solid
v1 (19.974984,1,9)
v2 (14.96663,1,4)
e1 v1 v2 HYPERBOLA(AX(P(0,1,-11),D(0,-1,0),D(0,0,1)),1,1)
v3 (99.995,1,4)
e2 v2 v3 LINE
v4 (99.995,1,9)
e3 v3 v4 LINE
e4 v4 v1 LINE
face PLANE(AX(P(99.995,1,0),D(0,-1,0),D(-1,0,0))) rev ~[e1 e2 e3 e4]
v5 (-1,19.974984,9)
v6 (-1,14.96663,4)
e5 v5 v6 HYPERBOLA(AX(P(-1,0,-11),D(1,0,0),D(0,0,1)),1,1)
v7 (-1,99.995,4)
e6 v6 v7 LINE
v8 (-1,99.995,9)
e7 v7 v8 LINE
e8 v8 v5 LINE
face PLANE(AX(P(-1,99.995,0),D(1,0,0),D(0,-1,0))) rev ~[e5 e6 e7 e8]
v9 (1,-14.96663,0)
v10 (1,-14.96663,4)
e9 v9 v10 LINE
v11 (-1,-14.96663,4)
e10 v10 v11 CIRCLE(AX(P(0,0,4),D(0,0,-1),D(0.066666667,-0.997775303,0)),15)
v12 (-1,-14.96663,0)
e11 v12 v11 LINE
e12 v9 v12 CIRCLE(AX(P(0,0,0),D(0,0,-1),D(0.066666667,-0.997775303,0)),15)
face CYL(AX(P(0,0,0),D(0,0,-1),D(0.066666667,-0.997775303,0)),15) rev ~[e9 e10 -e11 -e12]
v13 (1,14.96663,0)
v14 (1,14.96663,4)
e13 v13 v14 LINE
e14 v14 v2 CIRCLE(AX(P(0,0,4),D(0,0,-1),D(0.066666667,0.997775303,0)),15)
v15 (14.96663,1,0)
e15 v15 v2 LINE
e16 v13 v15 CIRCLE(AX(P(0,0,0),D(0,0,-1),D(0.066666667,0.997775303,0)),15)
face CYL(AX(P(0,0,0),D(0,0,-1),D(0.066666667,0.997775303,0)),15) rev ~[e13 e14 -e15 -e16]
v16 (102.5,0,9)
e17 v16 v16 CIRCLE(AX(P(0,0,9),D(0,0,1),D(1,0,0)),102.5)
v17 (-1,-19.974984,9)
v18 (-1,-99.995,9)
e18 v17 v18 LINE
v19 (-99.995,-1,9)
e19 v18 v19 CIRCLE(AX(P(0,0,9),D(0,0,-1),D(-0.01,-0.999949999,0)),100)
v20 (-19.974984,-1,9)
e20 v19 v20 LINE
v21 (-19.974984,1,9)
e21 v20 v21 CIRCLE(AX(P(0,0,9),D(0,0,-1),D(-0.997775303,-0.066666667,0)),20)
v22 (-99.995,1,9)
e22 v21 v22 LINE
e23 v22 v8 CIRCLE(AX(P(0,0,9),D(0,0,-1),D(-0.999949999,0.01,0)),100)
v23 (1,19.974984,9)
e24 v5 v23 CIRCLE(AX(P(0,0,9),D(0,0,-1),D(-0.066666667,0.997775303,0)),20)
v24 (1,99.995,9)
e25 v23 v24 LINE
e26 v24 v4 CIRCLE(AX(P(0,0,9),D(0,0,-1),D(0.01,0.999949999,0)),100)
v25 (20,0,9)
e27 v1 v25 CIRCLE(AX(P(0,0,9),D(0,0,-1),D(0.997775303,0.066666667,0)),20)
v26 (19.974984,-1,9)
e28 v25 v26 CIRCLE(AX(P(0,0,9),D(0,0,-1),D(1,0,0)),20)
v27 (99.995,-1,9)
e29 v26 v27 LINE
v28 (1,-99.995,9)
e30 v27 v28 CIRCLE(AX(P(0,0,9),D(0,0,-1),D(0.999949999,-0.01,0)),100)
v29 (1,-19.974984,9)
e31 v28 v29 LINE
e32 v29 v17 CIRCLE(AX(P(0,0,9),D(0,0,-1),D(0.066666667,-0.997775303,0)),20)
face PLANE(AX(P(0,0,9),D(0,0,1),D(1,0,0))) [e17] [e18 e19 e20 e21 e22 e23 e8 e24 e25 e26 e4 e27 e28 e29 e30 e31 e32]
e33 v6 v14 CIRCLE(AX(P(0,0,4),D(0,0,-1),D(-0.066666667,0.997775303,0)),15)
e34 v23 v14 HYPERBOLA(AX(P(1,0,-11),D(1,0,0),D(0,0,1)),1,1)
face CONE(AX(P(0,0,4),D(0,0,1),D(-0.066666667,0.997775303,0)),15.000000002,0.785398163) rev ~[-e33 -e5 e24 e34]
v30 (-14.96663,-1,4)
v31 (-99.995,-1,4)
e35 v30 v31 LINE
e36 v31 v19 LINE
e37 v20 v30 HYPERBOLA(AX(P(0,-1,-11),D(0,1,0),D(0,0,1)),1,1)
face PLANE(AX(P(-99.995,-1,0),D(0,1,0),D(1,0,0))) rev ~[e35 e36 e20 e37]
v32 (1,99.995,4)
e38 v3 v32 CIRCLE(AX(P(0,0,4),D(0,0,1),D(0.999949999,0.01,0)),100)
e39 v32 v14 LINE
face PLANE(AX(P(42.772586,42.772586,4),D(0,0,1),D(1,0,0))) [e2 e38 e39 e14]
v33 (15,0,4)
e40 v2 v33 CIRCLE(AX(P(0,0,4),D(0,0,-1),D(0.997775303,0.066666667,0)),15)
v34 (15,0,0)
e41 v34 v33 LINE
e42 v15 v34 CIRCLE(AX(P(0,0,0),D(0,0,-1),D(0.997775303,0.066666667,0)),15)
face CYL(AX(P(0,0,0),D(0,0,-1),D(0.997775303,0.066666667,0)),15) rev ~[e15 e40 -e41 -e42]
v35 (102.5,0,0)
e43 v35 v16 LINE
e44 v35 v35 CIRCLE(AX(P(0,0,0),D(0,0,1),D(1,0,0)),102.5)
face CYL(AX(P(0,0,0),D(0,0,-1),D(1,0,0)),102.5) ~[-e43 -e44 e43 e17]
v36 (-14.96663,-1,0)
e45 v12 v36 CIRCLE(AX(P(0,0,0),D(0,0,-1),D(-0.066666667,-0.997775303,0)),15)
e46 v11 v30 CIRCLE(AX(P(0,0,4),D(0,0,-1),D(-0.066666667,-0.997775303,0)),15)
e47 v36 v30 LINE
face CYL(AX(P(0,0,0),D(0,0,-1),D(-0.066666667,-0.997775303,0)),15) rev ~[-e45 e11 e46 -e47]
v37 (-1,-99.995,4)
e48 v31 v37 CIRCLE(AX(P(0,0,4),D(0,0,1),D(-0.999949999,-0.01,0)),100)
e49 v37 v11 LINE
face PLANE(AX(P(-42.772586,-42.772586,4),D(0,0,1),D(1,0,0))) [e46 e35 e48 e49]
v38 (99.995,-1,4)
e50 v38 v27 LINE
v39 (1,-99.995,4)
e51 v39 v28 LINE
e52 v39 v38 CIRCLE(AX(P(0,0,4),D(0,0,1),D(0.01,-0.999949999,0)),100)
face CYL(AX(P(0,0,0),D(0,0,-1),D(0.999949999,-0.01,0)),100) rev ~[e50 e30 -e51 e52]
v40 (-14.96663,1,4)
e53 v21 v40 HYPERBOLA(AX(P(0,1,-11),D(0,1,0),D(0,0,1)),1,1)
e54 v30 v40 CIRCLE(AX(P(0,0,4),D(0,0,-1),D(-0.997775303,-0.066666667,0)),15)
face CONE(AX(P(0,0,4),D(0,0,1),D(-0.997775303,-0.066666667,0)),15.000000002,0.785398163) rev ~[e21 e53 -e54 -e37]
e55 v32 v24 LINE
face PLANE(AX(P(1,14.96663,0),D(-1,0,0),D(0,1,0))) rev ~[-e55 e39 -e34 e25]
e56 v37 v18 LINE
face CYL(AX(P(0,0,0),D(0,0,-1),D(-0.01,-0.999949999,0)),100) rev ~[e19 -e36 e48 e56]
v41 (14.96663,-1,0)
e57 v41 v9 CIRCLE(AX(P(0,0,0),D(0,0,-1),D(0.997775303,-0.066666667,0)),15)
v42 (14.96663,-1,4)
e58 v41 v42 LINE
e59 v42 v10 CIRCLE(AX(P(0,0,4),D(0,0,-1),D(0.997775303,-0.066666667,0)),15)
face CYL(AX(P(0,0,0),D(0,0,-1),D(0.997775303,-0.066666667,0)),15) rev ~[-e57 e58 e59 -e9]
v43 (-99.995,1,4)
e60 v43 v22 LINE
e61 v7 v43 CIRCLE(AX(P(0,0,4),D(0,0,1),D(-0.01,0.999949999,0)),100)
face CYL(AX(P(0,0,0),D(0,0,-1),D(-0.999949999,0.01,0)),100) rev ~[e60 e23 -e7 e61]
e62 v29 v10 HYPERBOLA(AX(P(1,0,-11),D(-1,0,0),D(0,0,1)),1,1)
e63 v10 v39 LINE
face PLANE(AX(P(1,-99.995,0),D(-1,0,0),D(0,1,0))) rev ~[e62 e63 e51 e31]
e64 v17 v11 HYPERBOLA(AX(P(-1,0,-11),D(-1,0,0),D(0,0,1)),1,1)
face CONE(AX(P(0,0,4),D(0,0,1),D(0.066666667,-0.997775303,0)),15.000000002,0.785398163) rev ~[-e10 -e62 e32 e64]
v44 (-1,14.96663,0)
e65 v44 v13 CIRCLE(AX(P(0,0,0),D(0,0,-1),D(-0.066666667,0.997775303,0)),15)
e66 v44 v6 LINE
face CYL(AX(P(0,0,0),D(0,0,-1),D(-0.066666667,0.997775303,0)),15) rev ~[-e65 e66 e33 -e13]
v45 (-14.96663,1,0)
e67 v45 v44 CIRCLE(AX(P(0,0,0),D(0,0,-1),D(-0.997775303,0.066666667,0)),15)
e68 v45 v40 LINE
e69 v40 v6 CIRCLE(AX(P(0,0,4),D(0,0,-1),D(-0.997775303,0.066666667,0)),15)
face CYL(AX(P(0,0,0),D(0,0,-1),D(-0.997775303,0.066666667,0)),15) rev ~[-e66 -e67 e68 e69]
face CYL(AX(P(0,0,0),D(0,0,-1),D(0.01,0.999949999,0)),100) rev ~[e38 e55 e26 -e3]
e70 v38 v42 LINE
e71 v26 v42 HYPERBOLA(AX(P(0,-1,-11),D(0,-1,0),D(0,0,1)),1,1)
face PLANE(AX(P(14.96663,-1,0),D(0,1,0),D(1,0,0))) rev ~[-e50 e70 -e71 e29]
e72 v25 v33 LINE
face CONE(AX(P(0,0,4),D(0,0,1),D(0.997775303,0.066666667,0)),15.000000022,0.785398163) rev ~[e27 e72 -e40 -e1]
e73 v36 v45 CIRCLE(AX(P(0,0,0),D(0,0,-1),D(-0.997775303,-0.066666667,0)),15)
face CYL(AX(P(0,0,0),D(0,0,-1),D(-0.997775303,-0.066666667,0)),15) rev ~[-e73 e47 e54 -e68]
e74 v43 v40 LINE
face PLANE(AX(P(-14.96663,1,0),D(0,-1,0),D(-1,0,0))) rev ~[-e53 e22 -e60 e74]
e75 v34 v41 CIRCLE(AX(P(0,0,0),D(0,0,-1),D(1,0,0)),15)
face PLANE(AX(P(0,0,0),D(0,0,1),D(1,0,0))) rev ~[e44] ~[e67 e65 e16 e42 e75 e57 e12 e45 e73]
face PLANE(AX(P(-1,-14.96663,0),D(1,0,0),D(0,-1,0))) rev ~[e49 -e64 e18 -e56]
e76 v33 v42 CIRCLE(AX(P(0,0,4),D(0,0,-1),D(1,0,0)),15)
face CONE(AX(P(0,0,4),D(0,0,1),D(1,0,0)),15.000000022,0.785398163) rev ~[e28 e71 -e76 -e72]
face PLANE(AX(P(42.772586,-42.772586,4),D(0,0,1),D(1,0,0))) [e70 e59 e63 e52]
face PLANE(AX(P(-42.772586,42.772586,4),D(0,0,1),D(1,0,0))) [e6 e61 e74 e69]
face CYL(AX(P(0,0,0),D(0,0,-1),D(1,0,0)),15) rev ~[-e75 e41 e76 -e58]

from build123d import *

# Parameters (mm, degrees)
F1_DEPTH = 4
F0_R     = 102.5
F2_DEPTH = 9
F3_SIZE  = 5


with BuildPart() as f1:
    # F0 (on Top) → F1 (new body)
    with BuildSketch(Plane.XY):
        with BuildLine():
            Line((-1, -99.994999875), (-1, -14.9666295471))
            ThreePointArc((-1, -14.9666295471), (-10.6066017178, -10.6066017178), (-14.9666295471, -1))
            Line((-14.9666295471, -1), (-99.994999875, -1))
            ThreePointArc((-99.994999875, -1), (-70.7106781187, -70.7106781187), (-1, -99.994999875))
        make_face()
    extrude(amount=F1_DEPTH)



with BuildPart() as f1b:
    # F0 (on Top) → F1, piece 2 (new body)
    with BuildSketch(Plane.XY):
        with BuildLine():
            Line((99.994999875, -1), (14.9666295471, -1))
            ThreePointArc((14.9666295471, -1), (10.6066017178, -10.6066017178), (1, -14.9666295471))
            Line((1, -14.9666295471), (1, -99.994999875))
            ThreePointArc((1, -99.994999875), (70.7106781187, -70.7106781187), (99.994999875, -1))
        make_face()
    extrude(amount=F1_DEPTH)


with BuildPart() as f1c:
    # F0 (on Top) → F1, piece 3 (new body)
    with BuildSketch(Plane.XY):
        with BuildLine():
            ThreePointArc((1, 14.9666295471), (10.6066017178, 10.6066017178), (14.9666295471, 1))
            Line((14.9666295471, 1), (99.994999875, 1))
            ThreePointArc((99.994999875, 1), (70.7106781187, 70.7106781187), (1, 99.994999875))
            Line((1, 99.994999875), (1, 14.9666295471))
        make_face()
    extrude(amount=F1_DEPTH)


with BuildPart() as f1d:
    # F0 (on Top) → F1, piece 4 (new body)
    with BuildSketch(Plane.XY):
        with BuildLine():
            ThreePointArc((-14.9666295471, 1), (-10.6066017178, 10.6066017178), (-1, 14.9666295471))
            Line((-1, 14.9666295471), (-1, 99.994999875))
            ThreePointArc((-1, 99.994999875), (-70.7106781187, 70.7106781187), (-99.994999875, 1))
            Line((-99.994999875, 1), (-14.9666295471, 1))
        make_face()
    extrude(amount=F1_DEPTH)


with BuildPart() as f1_1:
    add(f1.part)

    add(f1b.part)  # F2 merges F1b

    add(f1c.part)  # F2 merges F1c

    add(f1d.part)  # F2 merges F1d
    # F0 (on Top) → F2 (join)
    with BuildSketch(Plane.XY):
        Circle(F0_R)
        with BuildLine():
            ThreePointArc((14.9666295471, 1), (14.9916550655, 0.5002783193), (15, 0))
            ThreePointArc((15, 0), (14.9916550655, -0.5002783193), (14.9666295471, -1))
            Line((14.9666295471, -1), (99.994999875, -1))
            ThreePointArc((99.994999875, -1), (70.7106781187, -70.7106781187), (1, -99.994999875))
            Line((1, -99.994999875), (1, -14.9666295471))
            ThreePointArc((1, -14.9666295471), (0, -15), (-1, -14.9666295471))
            Line((-1, -14.9666295471), (-1, -99.994999875))
            ThreePointArc((-1, -99.994999875), (-70.7106781187, -70.7106781187), (-99.994999875, -1))
            Line((-99.994999875, -1), (-14.9666295471, -1))
            ThreePointArc((-14.9666295471, -1), (-15, 0), (-14.9666295471, 1))
            Line((-14.9666295471, 1), (-99.994999875, 1))
            ThreePointArc((-99.994999875, 1), (-70.7106781187, 70.7106781187), (-1, 99.994999875))
            Line((-1, 99.994999875), (-1, 14.9666295471))
            ThreePointArc((-1, 14.9666295471), (0, 15), (1, 14.9666295471))
            Line((1, 14.9666295471), (1, 99.994999875))
            ThreePointArc((1, 99.994999875), (70.7106781187, 70.7106781187), (99.994999875, 1))
            Line((99.994999875, 1), (14.9666295471, 1))
        make_face(mode=Mode.SUBTRACT)
    extrude(amount=F2_DEPTH)

    # F3
    f3_edges = [f1_1.edges().sort_by_distance(p)[0] for p in [
        (0, -15, 9),
        (-15, 0, 9),
        (0, 15, 9),
        (15, 0, 9),
    ]]
    chamfer(f3_edges, length=F3_SIZE)


solid = f1_1.part
